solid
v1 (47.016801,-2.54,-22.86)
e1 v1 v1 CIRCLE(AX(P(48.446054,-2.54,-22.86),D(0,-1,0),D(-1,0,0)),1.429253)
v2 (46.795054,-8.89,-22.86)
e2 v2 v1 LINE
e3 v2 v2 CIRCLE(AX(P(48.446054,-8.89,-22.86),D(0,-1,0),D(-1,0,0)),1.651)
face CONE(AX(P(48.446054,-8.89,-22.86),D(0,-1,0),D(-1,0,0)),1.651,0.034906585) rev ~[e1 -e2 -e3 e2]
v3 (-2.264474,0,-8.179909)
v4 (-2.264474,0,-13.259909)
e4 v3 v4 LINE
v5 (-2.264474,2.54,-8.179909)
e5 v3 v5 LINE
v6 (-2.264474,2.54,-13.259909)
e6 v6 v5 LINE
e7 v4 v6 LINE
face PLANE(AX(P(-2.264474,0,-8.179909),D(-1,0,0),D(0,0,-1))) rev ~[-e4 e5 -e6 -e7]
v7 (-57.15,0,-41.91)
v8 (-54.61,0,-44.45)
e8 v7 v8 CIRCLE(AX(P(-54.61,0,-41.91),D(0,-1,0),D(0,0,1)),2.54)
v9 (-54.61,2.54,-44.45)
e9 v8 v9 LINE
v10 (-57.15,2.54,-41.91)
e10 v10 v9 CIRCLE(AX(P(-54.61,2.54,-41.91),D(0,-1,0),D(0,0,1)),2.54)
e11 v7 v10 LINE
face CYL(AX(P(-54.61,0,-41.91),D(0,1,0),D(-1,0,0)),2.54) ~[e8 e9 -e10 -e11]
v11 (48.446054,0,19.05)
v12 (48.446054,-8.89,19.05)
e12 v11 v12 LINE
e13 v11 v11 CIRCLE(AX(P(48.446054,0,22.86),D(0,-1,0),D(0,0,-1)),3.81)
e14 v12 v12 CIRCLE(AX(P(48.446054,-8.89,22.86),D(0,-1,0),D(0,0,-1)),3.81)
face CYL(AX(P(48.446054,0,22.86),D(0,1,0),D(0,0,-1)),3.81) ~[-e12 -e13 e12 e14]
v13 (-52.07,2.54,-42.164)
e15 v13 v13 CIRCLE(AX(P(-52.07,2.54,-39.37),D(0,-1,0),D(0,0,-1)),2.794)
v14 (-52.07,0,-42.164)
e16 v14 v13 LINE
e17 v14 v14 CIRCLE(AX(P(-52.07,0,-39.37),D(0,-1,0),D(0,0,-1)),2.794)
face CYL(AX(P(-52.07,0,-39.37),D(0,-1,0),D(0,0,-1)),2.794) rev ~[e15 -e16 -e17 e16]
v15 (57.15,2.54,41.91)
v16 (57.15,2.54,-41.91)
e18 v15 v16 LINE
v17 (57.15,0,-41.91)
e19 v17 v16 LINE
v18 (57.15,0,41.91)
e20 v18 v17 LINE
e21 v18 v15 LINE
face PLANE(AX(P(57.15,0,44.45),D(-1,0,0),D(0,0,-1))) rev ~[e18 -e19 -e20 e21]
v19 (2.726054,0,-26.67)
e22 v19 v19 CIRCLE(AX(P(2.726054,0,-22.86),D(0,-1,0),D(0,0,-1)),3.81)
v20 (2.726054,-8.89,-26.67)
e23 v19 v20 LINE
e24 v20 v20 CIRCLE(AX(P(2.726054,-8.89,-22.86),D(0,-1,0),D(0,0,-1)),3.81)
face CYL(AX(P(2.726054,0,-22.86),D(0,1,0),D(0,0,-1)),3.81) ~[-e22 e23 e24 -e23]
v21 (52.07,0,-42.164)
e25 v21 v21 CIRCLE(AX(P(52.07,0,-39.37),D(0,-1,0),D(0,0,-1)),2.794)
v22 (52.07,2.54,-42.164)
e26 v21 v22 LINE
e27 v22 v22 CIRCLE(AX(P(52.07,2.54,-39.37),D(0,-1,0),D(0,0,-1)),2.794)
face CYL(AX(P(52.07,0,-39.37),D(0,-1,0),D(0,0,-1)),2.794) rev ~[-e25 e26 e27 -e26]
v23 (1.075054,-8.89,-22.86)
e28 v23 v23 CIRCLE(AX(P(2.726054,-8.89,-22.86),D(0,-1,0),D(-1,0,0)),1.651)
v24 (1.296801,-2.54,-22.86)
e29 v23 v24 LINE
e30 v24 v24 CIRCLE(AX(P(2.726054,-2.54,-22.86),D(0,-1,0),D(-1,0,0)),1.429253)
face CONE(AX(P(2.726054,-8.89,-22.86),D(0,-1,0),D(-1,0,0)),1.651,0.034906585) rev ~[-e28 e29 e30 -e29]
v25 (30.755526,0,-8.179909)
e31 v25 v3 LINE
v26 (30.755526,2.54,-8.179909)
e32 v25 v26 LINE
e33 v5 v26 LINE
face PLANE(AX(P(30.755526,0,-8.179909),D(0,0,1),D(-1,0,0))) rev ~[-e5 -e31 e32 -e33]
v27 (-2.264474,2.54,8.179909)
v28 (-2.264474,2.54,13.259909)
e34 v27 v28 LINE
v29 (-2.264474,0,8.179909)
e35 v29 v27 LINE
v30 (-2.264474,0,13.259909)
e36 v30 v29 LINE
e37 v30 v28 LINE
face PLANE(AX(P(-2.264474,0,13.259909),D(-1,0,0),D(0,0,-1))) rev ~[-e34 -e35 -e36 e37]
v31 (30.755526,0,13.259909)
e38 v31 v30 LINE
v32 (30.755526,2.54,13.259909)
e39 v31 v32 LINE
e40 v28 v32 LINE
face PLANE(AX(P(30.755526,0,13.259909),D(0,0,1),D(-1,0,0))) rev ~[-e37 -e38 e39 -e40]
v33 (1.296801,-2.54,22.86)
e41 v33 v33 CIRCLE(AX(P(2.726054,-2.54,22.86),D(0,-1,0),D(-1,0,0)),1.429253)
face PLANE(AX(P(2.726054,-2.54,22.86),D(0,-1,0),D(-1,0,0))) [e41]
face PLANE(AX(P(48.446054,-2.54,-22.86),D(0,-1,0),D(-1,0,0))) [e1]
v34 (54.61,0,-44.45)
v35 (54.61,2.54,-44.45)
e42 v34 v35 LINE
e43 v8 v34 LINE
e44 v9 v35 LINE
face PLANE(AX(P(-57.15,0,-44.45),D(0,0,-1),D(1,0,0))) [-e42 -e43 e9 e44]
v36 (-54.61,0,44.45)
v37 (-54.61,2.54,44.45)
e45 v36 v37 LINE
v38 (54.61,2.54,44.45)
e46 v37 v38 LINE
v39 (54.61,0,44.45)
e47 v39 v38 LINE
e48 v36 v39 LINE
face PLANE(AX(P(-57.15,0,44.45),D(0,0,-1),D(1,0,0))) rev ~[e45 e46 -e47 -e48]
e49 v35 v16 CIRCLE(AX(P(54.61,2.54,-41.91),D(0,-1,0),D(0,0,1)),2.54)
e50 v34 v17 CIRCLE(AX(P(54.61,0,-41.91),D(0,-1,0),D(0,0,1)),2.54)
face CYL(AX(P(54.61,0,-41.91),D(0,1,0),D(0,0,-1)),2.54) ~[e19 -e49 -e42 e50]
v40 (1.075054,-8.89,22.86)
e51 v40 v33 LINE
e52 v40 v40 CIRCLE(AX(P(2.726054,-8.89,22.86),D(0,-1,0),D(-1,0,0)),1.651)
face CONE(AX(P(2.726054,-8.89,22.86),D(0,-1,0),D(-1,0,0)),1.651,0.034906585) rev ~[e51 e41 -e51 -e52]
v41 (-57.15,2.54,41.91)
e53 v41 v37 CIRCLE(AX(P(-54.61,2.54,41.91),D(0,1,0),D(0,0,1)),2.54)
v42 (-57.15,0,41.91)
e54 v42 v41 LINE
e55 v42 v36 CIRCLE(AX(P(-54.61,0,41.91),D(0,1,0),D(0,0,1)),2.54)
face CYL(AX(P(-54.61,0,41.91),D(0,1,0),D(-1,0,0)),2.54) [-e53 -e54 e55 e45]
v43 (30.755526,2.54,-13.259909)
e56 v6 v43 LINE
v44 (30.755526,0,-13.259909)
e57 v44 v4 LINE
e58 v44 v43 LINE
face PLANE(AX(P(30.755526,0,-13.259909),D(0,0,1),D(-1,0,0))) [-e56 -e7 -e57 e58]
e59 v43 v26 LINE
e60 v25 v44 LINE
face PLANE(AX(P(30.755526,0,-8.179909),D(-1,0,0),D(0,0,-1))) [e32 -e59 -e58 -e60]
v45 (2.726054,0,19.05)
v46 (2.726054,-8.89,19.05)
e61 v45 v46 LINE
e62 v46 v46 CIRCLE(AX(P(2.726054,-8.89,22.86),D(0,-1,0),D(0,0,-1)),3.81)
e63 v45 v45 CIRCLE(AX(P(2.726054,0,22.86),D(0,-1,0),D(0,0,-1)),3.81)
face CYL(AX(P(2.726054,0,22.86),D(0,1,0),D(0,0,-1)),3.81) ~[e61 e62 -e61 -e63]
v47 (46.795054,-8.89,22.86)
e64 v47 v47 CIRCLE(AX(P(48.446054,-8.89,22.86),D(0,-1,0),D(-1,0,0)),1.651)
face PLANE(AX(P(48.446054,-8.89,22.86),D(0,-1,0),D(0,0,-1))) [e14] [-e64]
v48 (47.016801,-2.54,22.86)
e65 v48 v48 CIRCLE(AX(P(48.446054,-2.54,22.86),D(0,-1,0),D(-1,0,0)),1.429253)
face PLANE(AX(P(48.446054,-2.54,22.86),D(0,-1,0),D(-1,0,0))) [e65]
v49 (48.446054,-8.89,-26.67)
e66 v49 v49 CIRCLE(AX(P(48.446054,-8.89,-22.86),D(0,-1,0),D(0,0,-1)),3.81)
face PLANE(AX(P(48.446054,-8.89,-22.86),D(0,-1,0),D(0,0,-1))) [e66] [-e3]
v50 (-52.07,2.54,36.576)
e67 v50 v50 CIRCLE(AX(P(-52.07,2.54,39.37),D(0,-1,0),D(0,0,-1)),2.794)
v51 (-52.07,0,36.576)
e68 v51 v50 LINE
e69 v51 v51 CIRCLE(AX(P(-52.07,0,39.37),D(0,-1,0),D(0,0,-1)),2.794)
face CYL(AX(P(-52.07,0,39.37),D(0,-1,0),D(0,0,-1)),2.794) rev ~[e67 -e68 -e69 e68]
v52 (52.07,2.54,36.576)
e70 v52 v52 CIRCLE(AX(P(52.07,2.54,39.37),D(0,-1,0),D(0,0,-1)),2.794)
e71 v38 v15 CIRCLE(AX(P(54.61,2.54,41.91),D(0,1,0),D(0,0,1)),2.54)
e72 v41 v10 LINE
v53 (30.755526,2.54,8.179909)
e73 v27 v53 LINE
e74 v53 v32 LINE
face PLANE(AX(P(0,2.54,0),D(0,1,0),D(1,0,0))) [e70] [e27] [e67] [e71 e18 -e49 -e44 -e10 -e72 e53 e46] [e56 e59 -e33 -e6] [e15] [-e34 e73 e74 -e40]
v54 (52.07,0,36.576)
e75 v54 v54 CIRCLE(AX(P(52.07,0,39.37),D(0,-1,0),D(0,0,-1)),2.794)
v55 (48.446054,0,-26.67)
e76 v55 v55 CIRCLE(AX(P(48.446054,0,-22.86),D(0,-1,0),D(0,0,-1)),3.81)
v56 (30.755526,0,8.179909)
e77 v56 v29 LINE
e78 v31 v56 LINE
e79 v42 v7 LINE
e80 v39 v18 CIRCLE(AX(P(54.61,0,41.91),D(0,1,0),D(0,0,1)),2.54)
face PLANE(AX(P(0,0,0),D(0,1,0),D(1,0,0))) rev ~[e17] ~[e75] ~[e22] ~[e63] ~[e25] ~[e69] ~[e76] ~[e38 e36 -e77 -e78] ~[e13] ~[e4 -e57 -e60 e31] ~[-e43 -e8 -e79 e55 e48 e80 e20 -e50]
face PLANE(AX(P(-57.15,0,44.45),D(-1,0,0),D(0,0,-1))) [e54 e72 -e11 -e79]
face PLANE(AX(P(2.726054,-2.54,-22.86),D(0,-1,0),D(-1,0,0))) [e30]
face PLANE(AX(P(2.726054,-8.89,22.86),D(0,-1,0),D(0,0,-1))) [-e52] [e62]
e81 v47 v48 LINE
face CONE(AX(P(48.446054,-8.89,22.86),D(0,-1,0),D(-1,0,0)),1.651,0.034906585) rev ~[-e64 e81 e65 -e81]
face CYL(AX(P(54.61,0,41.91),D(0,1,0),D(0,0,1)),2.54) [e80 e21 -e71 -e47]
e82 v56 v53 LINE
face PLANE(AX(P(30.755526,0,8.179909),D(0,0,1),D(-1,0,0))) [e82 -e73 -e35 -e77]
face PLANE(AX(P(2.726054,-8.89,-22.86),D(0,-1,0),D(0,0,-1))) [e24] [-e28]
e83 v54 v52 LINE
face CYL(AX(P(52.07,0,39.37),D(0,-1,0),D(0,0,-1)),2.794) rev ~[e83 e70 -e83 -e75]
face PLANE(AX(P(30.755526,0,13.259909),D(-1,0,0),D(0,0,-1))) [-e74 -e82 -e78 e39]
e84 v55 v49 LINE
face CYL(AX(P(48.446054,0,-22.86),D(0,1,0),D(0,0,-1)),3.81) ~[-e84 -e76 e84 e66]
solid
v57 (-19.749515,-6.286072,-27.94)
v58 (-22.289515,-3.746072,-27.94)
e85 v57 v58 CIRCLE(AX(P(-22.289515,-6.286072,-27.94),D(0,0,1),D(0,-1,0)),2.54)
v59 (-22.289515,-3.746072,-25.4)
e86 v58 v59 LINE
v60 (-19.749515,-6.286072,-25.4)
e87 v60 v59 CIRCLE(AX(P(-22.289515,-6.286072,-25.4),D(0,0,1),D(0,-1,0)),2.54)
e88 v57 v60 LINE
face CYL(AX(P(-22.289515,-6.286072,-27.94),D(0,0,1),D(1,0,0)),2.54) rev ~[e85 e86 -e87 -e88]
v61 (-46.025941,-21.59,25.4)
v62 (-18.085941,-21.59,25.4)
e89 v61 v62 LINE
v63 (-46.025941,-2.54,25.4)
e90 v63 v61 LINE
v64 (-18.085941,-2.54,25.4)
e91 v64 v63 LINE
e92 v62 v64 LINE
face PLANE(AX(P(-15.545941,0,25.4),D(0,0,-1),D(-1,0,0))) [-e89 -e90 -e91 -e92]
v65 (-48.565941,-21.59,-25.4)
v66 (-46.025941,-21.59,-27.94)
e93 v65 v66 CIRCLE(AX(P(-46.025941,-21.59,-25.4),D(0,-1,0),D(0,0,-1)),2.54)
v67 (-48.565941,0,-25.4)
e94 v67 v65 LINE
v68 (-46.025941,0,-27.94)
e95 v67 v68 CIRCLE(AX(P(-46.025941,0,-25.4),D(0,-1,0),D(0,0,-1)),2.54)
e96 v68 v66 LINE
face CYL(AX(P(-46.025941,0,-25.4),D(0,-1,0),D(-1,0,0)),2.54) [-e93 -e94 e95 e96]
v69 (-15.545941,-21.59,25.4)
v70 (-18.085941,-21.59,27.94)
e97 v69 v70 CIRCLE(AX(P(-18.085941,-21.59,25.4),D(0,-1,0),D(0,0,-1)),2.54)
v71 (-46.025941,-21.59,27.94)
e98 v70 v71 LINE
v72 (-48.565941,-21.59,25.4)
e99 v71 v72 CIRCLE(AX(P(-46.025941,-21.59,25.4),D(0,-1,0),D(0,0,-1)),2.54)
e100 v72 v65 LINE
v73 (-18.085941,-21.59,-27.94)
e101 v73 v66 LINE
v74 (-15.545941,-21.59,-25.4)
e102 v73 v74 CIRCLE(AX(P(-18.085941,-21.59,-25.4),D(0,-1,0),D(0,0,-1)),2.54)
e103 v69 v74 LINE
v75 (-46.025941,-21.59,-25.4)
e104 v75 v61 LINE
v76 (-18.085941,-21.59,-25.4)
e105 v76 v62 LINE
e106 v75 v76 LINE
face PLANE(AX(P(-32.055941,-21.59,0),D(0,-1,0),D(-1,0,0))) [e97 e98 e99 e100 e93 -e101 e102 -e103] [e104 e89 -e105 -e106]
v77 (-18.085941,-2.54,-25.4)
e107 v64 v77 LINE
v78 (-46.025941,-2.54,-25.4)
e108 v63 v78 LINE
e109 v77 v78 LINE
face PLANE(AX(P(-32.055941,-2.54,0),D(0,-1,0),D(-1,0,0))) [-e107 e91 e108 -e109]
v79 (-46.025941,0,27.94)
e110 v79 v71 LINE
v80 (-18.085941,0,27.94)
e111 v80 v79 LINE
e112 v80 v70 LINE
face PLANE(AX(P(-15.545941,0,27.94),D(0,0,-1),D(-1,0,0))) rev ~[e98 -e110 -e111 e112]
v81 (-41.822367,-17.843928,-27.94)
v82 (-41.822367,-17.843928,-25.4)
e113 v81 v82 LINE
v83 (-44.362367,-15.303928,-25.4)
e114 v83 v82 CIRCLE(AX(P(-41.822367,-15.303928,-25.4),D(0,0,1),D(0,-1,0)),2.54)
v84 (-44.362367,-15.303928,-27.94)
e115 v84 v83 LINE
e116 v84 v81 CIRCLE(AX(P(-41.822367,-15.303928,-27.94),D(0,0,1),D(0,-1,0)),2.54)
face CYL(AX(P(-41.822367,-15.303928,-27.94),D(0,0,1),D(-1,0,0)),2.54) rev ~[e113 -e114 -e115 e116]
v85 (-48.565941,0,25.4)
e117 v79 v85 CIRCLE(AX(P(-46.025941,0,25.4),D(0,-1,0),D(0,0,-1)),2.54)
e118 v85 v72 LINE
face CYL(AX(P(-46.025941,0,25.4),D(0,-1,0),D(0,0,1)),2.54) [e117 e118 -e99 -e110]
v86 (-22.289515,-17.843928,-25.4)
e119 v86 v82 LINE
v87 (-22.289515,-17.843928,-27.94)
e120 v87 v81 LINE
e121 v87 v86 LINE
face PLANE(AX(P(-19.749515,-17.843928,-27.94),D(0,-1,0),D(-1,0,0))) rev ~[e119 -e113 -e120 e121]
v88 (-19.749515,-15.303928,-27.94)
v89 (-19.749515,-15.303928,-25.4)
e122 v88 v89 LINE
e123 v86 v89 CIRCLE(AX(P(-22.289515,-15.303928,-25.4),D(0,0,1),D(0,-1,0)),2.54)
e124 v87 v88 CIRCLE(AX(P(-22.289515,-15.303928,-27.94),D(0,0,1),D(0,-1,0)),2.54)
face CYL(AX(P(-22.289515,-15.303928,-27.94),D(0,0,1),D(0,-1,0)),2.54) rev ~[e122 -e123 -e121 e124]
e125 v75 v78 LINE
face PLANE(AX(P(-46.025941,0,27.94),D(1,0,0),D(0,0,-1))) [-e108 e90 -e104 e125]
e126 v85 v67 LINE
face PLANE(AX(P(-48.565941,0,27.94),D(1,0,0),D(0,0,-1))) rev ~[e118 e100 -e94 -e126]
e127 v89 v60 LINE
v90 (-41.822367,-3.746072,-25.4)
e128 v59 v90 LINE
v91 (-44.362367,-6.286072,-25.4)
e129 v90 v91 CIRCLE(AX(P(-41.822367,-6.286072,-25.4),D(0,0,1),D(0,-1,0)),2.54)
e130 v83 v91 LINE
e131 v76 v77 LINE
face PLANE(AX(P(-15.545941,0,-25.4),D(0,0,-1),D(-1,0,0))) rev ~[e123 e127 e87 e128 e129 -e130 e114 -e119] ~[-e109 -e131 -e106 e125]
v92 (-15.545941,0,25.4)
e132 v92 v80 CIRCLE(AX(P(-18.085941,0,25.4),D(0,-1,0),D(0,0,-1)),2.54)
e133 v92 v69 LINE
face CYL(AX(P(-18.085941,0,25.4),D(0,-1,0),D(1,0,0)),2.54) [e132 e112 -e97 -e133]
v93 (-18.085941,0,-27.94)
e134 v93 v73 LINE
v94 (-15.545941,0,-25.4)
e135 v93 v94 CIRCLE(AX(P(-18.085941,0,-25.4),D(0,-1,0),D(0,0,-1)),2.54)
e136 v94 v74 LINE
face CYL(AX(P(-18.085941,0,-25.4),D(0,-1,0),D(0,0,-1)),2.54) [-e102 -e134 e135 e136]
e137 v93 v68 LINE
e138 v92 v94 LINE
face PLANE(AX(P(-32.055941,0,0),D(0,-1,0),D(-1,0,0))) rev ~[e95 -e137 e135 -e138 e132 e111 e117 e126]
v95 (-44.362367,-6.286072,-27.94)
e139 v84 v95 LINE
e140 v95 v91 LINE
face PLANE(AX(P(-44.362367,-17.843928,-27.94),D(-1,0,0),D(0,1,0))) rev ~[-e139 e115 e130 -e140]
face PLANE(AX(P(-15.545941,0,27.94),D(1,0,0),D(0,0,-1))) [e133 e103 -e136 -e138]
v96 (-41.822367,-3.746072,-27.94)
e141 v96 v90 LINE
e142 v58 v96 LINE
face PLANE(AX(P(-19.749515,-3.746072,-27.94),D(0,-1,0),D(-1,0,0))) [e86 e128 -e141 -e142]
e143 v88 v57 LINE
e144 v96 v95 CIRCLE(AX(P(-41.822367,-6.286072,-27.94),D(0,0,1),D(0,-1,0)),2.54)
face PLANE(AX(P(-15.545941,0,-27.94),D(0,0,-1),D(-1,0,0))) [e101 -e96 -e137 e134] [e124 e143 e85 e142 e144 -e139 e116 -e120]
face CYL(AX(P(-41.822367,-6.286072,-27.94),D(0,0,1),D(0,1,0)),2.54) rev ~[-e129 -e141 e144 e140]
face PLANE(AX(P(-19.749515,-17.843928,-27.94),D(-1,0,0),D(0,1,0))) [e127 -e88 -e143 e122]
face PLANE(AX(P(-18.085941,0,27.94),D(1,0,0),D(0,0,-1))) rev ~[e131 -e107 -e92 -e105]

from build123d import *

# Parameters (mm, degrees)
SKETCH1_W                    = 114.3
SKETCH1_H                    = 88.9
BOSS_EXTRUDE2_DEPTH          = 2.54
SKETCH2_R                    = 2.794
CUT_EXTRUDE1_DEPTH           = 5.08
SKETCH9_W                    = 33.02
SKETCH9_H                    = 5.08
CUT_EXTRUDE5_DEPTH           = 6.35
SKETCH8_W                    = 33.02
SKETCH8_H                    = 55.88
BOSS_EXTRUDE4_DEPTH          = 21.59
SHELL4_T                     = -2.54
SKETCH13_W                   = 24.612851837
SKETCH13_H                   = 14.097856124
CUT_EXTRUDE6_DEPTH           = 5.08
FILLET5_R                    = 2.54
FILLET6_R                    = 2.54
FILLET7_R                    = 2.54
FILLET8_R                    = 2.54
FILLET1_R                    = 2.54
FILLET2_R                    = 2.54
FILLET3_R                    = 2.54
FILLET4_R                    = 2.54
SKETCH3_R                    = 3.81
BOSS_EXTRUDE5_DEPTH          = 8.89
SKETCH15_R                   = 1.651
CUT_EXTRUDE7_DEPTH           = 6.35
CUT_EXTRUDE7_DRAFT           = -2
CUT_EXTRUDE7_PROFILE_2_DEPTH = 6.35
CUT_EXTRUDE7_PROFILE_2_DRAFT = -2
CUT_EXTRUDE7_PROFILE_3_DEPTH = 6.35
CUT_EXTRUDE7_PROFILE_3_DRAFT = -2
CUT_EXTRUDE7_PROFILE_4_DEPTH = 6.35
CUT_EXTRUDE7_PROFILE_4_DRAFT = -2
FILLET9_R                    = 2.54
FILLET10_R                   = 2.54
FILLET11_R                   = 2.54
FILLET12_R                   = 2.54


with BuildPart() as part:
    # Sketch1 → Boss-Extrude2 (new body)
    with BuildSketch(Plane(origin=(0, 0, 0), x_dir=(1, 0, 0), z_dir=(0, 1, 0))):
        Rectangle(SKETCH1_W, SKETCH1_H)
    extrude(amount=BOSS_EXTRUDE2_DEPTH)

    # Sketch2 → Cut-Extrude1 (cut)
    with BuildSketch(Plane(origin=(0, 0, 0), x_dir=(-1, 0, 0), z_dir=(0, -1, 0))):
        with Locations(Location((52.07, 39.37, 0), (0, 0, 90))):
            Circle(SKETCH2_R)
        with Locations(Location((52.07, -39.37, 0), (0, 0, 90))):
            Circle(SKETCH2_R)
        with Locations(Location((-52.07, -39.37, 0), (0, 0, 90))):
            Circle(SKETCH2_R)
        with Locations(Location((-52.07, 39.37, 0), (0, 0, 90))):
            Circle(SKETCH2_R)
    extrude(amount=-CUT_EXTRUDE1_DEPTH, mode=Mode.SUBTRACT)

    # Sketch9 → Cut-Extrude5 (cut)
    with BuildSketch(Plane(origin=(0, 0, 0), x_dir=(-1, 0, 0), z_dir=(0, -1, 0))):
        with Locations((-14.245526461, -10.719909337)):
            Rectangle(SKETCH9_W, SKETCH9_H)
        with Locations((-14.245526461, 10.719909337)):
            Rectangle(SKETCH9_W, SKETCH9_H)
    extrude(amount=-CUT_EXTRUDE5_DEPTH, mode=Mode.SUBTRACT)

    # Fillet1
    fillet1_edges = [part.edges().sort_by_distance(p)[0] for p in [
        (57.15, 1.27, 44.45),
    ]]
    fillet(fillet1_edges, radius=FILLET1_R)

    # Fillet2
    fillet2_edges = [part.edges().sort_by_distance(p)[0] for p in [
        (-57.15, 1.27, -44.45),
    ]]
    fillet(fillet2_edges, radius=FILLET2_R)

    # Fillet3
    fillet3_edges = [part.edges().sort_by_distance(p)[0] for p in [
        (-57.15, 1.27, 44.45),
    ]]
    fillet(fillet3_edges, radius=FILLET3_R)

    # Fillet4
    fillet4_edges = [part.edges().sort_by_distance(p)[0] for p in [
        (57.15, 1.27, -44.45),
    ]]
    fillet(fillet4_edges, radius=FILLET4_R)

    # Sketch3 → Boss-Extrude5 (add)
    with BuildSketch(Plane(origin=(0, 0, 0), x_dir=(-1, 0, 0), z_dir=(0, -1, 0))):
        with Locations(Location((-2.726054499, -22.86, 0), (0, 0, 90))):
            Circle(SKETCH3_R)
        with Locations(Location((-48.446054499, -22.86, 0), (0, 0, 90))):
            Circle(SKETCH3_R)
        with Locations(Location((-48.446054499, 22.86, 0), (0, 0, 90))):
            Circle(SKETCH3_R)
        with Locations(Location((-2.726054499, 22.86, 0), (0, 0, 90))):
            Circle(SKETCH3_R)
    extrude(amount=BOSS_EXTRUDE5_DEPTH)


with BuildPart() as body_2:
    # Sketch8 → Boss-Extrude4 (new body)
    with BuildSketch(Plane(origin=(0, 0, 0), x_dir=(-1, 0, 0), z_dir=(0, -1, 0))):
        with Locations((32.055940653, 0)):
            Rectangle(SKETCH8_W, SKETCH8_H)
    extrude(amount=BOSS_EXTRUDE4_DEPTH)

    # Shell4
    shell4_openings = [body_2.faces().sort_by_distance(p)[0] for p in [
        (-32.055940653, -21.59, 0),
    ]]
    offset(amount=SHELL4_T, openings=shell4_openings, kind=Kind.INTERSECTION)

    # Sketch13 → Cut-Extrude6 (cut)
    with BuildSketch(Plane(origin=(0, 0, -27.94), x_dir=(-1, 0, 0), z_dir=(0, 0, -1))):
        with Locations((32.055940652, -10.795)):
            Rectangle(SKETCH13_W, SKETCH13_H)
    extrude(amount=-CUT_EXTRUDE6_DEPTH, mode=Mode.SUBTRACT)

    # Fillet5
    fillet5_edges = [body_2.edges().sort_by_distance(p)[0] for p in [
        (-19.749514734, -17.843928062, -26.67),
    ]]
    fillet(fillet5_edges, radius=FILLET5_R)

    # Fillet6
    fillet6_edges = [body_2.edges().sort_by_distance(p)[0] for p in [
        (-19.749514734, -3.746071938, -26.67),
    ]]
    fillet(fillet6_edges, radius=FILLET6_R)

    # Fillet7
    fillet7_edges = [body_2.edges().sort_by_distance(p)[0] for p in [
        (-44.362366571, -3.746071938, -26.67),
    ]]
    fillet(fillet7_edges, radius=FILLET7_R)

    # Fillet8
    fillet8_edges = [body_2.edges().sort_by_distance(p)[0] for p in [
        (-44.362366571, -17.843928062, -26.67),
    ]]
    fillet(fillet8_edges, radius=FILLET8_R)

    # Fillet9
    fillet9_edges = [body_2.edges().sort_by_distance(p)[0] for p in [
        (-15.545940653, -10.795, -27.94),
    ]]
    fillet(fillet9_edges, radius=FILLET9_R)

    # Fillet10
    fillet10_edges = [body_2.edges().sort_by_distance(p)[0] for p in [
        (-15.545940653, -10.795, 27.94),
    ]]
    fillet(fillet10_edges, radius=FILLET10_R)

    # Fillet11
    fillet11_edges = [body_2.edges().sort_by_distance(p)[0] for p in [
        (-48.565940653, -10.795, 27.94),
    ]]
    fillet(fillet11_edges, radius=FILLET11_R)

    # Fillet12
    fillet12_edges = [body_2.edges().sort_by_distance(p)[0] for p in [
        (-48.565940653, -10.795, -27.94),
    ]]
    fillet(fillet12_edges, radius=FILLET12_R)


with BuildPart() as cut_extrude7_tool:
    # Sketch15 → Cut-Extrude7 (with draft: the straight prism first)
    with BuildSketch(Plane(origin=(0, -8.89, 0), x_dir=(-1, 0, 0), z_dir=(0, -1, 0))):
        with Locations((-48.446054499, -22.86)):
            Circle(SKETCH15_R)
    extrude(amount=-CUT_EXTRUDE7_DEPTH)
    # Cut-Extrude7: the draft: its side faces are tilted about the plane it starts from
    cut_extrude7_sides = [cut_extrude7_tool.faces().sort_by_distance(p)[0] for p in [
        (50.097054499, -5.715, 22.86),
    ]]
    draft(cut_extrude7_sides, Plane(origin=(0, -8.89, 0), x_dir=(-1, 0, 0), z_dir=(0, -1, 0)), CUT_EXTRUDE7_DRAFT)


with BuildPart() as part_1:
    add(part.part)

    # Cut-Extrude7: cut by cut_extrude7_tool
    add(cut_extrude7_tool.part, mode=Mode.SUBTRACT)


with BuildPart() as cut_extrude7_profile_2_tool:
    # Sketch15 → Cut-Extrude7 profile 2 (with draft: the straight prism first)
    with BuildSketch(Plane(origin=(0, -8.89, 0), x_dir=(-1, 0, 0), z_dir=(0, -1, 0))):
        with Locations((-2.726054499, -22.86)):
            Circle(SKETCH15_R)
    extrude(amount=-CUT_EXTRUDE7_PROFILE_2_DEPTH)
    # Cut-Extrude7 profile 2: the draft: its side faces are tilted about the plane it starts from
    cut_extrude7_profile_2_sides = [cut_extrude7_profile_2_tool.faces().sort_by_distance(p)[0] for p in [
        (4.377054499, -5.715, 22.86),
    ]]
    draft(cut_extrude7_profile_2_sides, Plane(origin=(0, -8.89, 0), x_dir=(-1, 0, 0), z_dir=(0, -1, 0)), CUT_EXTRUDE7_PROFILE_2_DRAFT)


with BuildPart() as part_2:
    add(part_1.part)

    # Cut-Extrude7 profile 2: cut by cut_extrude7_profile_2_tool
    add(cut_extrude7_profile_2_tool.part, mode=Mode.SUBTRACT)


with BuildPart() as cut_extrude7_profile_3_tool:
    # Sketch15 → Cut-Extrude7 profile 3 (with draft: the straight prism first)
    with BuildSketch(Plane(origin=(0, -8.89, 0), x_dir=(-1, 0, 0), z_dir=(0, -1, 0))):
        with Locations((-2.726054499, 22.86)):
            Circle(SKETCH15_R)
    extrude(amount=-CUT_EXTRUDE7_PROFILE_3_DEPTH)
    # Cut-Extrude7 profile 3: the draft: its side faces are tilted about the plane it starts from
    cut_extrude7_profile_3_sides = [cut_extrude7_profile_3_tool.faces().sort_by_distance(p)[0] for p in [
        (4.377054499, -5.715, -22.86),
    ]]
    draft(cut_extrude7_profile_3_sides, Plane(origin=(0, -8.89, 0), x_dir=(-1, 0, 0), z_dir=(0, -1, 0)), CUT_EXTRUDE7_PROFILE_3_DRAFT)


with BuildPart() as part_3:
    add(part_2.part)

    # Cut-Extrude7 profile 3: cut by cut_extrude7_profile_3_tool
    add(cut_extrude7_profile_3_tool.part, mode=Mode.SUBTRACT)


with BuildPart() as cut_extrude7_profile_4_tool:
    # Sketch15 → Cut-Extrude7 profile 4 (with draft: the straight prism first)
    with BuildSketch(Plane(origin=(0, -8.89, 0), x_dir=(-1, 0, 0), z_dir=(0, -1, 0))):
        with Locations((-48.446054499, 22.86)):
            Circle(SKETCH15_R)
    extrude(amount=-CUT_EXTRUDE7_PROFILE_4_DEPTH)
    # Cut-Extrude7 profile 4: the draft: its side faces are tilted about the plane it starts from
    cut_extrude7_profile_4_sides = [cut_extrude7_profile_4_tool.faces().sort_by_distance(p)[0] for p in [
        (50.097054499, -5.715, -22.86),
    ]]
    draft(cut_extrude7_profile_4_sides, Plane(origin=(0, -8.89, 0), x_dir=(-1, 0, 0), z_dir=(0, -1, 0)), CUT_EXTRUDE7_PROFILE_4_DRAFT)


with BuildPart() as part_4:
    add(part_3.part)

    # Cut-Extrude7 profile 4: cut by cut_extrude7_profile_4_tool
    add(cut_extrude7_profile_4_tool.part, mode=Mode.SUBTRACT)


solid = Compound([body_2.part, part_4.part])
